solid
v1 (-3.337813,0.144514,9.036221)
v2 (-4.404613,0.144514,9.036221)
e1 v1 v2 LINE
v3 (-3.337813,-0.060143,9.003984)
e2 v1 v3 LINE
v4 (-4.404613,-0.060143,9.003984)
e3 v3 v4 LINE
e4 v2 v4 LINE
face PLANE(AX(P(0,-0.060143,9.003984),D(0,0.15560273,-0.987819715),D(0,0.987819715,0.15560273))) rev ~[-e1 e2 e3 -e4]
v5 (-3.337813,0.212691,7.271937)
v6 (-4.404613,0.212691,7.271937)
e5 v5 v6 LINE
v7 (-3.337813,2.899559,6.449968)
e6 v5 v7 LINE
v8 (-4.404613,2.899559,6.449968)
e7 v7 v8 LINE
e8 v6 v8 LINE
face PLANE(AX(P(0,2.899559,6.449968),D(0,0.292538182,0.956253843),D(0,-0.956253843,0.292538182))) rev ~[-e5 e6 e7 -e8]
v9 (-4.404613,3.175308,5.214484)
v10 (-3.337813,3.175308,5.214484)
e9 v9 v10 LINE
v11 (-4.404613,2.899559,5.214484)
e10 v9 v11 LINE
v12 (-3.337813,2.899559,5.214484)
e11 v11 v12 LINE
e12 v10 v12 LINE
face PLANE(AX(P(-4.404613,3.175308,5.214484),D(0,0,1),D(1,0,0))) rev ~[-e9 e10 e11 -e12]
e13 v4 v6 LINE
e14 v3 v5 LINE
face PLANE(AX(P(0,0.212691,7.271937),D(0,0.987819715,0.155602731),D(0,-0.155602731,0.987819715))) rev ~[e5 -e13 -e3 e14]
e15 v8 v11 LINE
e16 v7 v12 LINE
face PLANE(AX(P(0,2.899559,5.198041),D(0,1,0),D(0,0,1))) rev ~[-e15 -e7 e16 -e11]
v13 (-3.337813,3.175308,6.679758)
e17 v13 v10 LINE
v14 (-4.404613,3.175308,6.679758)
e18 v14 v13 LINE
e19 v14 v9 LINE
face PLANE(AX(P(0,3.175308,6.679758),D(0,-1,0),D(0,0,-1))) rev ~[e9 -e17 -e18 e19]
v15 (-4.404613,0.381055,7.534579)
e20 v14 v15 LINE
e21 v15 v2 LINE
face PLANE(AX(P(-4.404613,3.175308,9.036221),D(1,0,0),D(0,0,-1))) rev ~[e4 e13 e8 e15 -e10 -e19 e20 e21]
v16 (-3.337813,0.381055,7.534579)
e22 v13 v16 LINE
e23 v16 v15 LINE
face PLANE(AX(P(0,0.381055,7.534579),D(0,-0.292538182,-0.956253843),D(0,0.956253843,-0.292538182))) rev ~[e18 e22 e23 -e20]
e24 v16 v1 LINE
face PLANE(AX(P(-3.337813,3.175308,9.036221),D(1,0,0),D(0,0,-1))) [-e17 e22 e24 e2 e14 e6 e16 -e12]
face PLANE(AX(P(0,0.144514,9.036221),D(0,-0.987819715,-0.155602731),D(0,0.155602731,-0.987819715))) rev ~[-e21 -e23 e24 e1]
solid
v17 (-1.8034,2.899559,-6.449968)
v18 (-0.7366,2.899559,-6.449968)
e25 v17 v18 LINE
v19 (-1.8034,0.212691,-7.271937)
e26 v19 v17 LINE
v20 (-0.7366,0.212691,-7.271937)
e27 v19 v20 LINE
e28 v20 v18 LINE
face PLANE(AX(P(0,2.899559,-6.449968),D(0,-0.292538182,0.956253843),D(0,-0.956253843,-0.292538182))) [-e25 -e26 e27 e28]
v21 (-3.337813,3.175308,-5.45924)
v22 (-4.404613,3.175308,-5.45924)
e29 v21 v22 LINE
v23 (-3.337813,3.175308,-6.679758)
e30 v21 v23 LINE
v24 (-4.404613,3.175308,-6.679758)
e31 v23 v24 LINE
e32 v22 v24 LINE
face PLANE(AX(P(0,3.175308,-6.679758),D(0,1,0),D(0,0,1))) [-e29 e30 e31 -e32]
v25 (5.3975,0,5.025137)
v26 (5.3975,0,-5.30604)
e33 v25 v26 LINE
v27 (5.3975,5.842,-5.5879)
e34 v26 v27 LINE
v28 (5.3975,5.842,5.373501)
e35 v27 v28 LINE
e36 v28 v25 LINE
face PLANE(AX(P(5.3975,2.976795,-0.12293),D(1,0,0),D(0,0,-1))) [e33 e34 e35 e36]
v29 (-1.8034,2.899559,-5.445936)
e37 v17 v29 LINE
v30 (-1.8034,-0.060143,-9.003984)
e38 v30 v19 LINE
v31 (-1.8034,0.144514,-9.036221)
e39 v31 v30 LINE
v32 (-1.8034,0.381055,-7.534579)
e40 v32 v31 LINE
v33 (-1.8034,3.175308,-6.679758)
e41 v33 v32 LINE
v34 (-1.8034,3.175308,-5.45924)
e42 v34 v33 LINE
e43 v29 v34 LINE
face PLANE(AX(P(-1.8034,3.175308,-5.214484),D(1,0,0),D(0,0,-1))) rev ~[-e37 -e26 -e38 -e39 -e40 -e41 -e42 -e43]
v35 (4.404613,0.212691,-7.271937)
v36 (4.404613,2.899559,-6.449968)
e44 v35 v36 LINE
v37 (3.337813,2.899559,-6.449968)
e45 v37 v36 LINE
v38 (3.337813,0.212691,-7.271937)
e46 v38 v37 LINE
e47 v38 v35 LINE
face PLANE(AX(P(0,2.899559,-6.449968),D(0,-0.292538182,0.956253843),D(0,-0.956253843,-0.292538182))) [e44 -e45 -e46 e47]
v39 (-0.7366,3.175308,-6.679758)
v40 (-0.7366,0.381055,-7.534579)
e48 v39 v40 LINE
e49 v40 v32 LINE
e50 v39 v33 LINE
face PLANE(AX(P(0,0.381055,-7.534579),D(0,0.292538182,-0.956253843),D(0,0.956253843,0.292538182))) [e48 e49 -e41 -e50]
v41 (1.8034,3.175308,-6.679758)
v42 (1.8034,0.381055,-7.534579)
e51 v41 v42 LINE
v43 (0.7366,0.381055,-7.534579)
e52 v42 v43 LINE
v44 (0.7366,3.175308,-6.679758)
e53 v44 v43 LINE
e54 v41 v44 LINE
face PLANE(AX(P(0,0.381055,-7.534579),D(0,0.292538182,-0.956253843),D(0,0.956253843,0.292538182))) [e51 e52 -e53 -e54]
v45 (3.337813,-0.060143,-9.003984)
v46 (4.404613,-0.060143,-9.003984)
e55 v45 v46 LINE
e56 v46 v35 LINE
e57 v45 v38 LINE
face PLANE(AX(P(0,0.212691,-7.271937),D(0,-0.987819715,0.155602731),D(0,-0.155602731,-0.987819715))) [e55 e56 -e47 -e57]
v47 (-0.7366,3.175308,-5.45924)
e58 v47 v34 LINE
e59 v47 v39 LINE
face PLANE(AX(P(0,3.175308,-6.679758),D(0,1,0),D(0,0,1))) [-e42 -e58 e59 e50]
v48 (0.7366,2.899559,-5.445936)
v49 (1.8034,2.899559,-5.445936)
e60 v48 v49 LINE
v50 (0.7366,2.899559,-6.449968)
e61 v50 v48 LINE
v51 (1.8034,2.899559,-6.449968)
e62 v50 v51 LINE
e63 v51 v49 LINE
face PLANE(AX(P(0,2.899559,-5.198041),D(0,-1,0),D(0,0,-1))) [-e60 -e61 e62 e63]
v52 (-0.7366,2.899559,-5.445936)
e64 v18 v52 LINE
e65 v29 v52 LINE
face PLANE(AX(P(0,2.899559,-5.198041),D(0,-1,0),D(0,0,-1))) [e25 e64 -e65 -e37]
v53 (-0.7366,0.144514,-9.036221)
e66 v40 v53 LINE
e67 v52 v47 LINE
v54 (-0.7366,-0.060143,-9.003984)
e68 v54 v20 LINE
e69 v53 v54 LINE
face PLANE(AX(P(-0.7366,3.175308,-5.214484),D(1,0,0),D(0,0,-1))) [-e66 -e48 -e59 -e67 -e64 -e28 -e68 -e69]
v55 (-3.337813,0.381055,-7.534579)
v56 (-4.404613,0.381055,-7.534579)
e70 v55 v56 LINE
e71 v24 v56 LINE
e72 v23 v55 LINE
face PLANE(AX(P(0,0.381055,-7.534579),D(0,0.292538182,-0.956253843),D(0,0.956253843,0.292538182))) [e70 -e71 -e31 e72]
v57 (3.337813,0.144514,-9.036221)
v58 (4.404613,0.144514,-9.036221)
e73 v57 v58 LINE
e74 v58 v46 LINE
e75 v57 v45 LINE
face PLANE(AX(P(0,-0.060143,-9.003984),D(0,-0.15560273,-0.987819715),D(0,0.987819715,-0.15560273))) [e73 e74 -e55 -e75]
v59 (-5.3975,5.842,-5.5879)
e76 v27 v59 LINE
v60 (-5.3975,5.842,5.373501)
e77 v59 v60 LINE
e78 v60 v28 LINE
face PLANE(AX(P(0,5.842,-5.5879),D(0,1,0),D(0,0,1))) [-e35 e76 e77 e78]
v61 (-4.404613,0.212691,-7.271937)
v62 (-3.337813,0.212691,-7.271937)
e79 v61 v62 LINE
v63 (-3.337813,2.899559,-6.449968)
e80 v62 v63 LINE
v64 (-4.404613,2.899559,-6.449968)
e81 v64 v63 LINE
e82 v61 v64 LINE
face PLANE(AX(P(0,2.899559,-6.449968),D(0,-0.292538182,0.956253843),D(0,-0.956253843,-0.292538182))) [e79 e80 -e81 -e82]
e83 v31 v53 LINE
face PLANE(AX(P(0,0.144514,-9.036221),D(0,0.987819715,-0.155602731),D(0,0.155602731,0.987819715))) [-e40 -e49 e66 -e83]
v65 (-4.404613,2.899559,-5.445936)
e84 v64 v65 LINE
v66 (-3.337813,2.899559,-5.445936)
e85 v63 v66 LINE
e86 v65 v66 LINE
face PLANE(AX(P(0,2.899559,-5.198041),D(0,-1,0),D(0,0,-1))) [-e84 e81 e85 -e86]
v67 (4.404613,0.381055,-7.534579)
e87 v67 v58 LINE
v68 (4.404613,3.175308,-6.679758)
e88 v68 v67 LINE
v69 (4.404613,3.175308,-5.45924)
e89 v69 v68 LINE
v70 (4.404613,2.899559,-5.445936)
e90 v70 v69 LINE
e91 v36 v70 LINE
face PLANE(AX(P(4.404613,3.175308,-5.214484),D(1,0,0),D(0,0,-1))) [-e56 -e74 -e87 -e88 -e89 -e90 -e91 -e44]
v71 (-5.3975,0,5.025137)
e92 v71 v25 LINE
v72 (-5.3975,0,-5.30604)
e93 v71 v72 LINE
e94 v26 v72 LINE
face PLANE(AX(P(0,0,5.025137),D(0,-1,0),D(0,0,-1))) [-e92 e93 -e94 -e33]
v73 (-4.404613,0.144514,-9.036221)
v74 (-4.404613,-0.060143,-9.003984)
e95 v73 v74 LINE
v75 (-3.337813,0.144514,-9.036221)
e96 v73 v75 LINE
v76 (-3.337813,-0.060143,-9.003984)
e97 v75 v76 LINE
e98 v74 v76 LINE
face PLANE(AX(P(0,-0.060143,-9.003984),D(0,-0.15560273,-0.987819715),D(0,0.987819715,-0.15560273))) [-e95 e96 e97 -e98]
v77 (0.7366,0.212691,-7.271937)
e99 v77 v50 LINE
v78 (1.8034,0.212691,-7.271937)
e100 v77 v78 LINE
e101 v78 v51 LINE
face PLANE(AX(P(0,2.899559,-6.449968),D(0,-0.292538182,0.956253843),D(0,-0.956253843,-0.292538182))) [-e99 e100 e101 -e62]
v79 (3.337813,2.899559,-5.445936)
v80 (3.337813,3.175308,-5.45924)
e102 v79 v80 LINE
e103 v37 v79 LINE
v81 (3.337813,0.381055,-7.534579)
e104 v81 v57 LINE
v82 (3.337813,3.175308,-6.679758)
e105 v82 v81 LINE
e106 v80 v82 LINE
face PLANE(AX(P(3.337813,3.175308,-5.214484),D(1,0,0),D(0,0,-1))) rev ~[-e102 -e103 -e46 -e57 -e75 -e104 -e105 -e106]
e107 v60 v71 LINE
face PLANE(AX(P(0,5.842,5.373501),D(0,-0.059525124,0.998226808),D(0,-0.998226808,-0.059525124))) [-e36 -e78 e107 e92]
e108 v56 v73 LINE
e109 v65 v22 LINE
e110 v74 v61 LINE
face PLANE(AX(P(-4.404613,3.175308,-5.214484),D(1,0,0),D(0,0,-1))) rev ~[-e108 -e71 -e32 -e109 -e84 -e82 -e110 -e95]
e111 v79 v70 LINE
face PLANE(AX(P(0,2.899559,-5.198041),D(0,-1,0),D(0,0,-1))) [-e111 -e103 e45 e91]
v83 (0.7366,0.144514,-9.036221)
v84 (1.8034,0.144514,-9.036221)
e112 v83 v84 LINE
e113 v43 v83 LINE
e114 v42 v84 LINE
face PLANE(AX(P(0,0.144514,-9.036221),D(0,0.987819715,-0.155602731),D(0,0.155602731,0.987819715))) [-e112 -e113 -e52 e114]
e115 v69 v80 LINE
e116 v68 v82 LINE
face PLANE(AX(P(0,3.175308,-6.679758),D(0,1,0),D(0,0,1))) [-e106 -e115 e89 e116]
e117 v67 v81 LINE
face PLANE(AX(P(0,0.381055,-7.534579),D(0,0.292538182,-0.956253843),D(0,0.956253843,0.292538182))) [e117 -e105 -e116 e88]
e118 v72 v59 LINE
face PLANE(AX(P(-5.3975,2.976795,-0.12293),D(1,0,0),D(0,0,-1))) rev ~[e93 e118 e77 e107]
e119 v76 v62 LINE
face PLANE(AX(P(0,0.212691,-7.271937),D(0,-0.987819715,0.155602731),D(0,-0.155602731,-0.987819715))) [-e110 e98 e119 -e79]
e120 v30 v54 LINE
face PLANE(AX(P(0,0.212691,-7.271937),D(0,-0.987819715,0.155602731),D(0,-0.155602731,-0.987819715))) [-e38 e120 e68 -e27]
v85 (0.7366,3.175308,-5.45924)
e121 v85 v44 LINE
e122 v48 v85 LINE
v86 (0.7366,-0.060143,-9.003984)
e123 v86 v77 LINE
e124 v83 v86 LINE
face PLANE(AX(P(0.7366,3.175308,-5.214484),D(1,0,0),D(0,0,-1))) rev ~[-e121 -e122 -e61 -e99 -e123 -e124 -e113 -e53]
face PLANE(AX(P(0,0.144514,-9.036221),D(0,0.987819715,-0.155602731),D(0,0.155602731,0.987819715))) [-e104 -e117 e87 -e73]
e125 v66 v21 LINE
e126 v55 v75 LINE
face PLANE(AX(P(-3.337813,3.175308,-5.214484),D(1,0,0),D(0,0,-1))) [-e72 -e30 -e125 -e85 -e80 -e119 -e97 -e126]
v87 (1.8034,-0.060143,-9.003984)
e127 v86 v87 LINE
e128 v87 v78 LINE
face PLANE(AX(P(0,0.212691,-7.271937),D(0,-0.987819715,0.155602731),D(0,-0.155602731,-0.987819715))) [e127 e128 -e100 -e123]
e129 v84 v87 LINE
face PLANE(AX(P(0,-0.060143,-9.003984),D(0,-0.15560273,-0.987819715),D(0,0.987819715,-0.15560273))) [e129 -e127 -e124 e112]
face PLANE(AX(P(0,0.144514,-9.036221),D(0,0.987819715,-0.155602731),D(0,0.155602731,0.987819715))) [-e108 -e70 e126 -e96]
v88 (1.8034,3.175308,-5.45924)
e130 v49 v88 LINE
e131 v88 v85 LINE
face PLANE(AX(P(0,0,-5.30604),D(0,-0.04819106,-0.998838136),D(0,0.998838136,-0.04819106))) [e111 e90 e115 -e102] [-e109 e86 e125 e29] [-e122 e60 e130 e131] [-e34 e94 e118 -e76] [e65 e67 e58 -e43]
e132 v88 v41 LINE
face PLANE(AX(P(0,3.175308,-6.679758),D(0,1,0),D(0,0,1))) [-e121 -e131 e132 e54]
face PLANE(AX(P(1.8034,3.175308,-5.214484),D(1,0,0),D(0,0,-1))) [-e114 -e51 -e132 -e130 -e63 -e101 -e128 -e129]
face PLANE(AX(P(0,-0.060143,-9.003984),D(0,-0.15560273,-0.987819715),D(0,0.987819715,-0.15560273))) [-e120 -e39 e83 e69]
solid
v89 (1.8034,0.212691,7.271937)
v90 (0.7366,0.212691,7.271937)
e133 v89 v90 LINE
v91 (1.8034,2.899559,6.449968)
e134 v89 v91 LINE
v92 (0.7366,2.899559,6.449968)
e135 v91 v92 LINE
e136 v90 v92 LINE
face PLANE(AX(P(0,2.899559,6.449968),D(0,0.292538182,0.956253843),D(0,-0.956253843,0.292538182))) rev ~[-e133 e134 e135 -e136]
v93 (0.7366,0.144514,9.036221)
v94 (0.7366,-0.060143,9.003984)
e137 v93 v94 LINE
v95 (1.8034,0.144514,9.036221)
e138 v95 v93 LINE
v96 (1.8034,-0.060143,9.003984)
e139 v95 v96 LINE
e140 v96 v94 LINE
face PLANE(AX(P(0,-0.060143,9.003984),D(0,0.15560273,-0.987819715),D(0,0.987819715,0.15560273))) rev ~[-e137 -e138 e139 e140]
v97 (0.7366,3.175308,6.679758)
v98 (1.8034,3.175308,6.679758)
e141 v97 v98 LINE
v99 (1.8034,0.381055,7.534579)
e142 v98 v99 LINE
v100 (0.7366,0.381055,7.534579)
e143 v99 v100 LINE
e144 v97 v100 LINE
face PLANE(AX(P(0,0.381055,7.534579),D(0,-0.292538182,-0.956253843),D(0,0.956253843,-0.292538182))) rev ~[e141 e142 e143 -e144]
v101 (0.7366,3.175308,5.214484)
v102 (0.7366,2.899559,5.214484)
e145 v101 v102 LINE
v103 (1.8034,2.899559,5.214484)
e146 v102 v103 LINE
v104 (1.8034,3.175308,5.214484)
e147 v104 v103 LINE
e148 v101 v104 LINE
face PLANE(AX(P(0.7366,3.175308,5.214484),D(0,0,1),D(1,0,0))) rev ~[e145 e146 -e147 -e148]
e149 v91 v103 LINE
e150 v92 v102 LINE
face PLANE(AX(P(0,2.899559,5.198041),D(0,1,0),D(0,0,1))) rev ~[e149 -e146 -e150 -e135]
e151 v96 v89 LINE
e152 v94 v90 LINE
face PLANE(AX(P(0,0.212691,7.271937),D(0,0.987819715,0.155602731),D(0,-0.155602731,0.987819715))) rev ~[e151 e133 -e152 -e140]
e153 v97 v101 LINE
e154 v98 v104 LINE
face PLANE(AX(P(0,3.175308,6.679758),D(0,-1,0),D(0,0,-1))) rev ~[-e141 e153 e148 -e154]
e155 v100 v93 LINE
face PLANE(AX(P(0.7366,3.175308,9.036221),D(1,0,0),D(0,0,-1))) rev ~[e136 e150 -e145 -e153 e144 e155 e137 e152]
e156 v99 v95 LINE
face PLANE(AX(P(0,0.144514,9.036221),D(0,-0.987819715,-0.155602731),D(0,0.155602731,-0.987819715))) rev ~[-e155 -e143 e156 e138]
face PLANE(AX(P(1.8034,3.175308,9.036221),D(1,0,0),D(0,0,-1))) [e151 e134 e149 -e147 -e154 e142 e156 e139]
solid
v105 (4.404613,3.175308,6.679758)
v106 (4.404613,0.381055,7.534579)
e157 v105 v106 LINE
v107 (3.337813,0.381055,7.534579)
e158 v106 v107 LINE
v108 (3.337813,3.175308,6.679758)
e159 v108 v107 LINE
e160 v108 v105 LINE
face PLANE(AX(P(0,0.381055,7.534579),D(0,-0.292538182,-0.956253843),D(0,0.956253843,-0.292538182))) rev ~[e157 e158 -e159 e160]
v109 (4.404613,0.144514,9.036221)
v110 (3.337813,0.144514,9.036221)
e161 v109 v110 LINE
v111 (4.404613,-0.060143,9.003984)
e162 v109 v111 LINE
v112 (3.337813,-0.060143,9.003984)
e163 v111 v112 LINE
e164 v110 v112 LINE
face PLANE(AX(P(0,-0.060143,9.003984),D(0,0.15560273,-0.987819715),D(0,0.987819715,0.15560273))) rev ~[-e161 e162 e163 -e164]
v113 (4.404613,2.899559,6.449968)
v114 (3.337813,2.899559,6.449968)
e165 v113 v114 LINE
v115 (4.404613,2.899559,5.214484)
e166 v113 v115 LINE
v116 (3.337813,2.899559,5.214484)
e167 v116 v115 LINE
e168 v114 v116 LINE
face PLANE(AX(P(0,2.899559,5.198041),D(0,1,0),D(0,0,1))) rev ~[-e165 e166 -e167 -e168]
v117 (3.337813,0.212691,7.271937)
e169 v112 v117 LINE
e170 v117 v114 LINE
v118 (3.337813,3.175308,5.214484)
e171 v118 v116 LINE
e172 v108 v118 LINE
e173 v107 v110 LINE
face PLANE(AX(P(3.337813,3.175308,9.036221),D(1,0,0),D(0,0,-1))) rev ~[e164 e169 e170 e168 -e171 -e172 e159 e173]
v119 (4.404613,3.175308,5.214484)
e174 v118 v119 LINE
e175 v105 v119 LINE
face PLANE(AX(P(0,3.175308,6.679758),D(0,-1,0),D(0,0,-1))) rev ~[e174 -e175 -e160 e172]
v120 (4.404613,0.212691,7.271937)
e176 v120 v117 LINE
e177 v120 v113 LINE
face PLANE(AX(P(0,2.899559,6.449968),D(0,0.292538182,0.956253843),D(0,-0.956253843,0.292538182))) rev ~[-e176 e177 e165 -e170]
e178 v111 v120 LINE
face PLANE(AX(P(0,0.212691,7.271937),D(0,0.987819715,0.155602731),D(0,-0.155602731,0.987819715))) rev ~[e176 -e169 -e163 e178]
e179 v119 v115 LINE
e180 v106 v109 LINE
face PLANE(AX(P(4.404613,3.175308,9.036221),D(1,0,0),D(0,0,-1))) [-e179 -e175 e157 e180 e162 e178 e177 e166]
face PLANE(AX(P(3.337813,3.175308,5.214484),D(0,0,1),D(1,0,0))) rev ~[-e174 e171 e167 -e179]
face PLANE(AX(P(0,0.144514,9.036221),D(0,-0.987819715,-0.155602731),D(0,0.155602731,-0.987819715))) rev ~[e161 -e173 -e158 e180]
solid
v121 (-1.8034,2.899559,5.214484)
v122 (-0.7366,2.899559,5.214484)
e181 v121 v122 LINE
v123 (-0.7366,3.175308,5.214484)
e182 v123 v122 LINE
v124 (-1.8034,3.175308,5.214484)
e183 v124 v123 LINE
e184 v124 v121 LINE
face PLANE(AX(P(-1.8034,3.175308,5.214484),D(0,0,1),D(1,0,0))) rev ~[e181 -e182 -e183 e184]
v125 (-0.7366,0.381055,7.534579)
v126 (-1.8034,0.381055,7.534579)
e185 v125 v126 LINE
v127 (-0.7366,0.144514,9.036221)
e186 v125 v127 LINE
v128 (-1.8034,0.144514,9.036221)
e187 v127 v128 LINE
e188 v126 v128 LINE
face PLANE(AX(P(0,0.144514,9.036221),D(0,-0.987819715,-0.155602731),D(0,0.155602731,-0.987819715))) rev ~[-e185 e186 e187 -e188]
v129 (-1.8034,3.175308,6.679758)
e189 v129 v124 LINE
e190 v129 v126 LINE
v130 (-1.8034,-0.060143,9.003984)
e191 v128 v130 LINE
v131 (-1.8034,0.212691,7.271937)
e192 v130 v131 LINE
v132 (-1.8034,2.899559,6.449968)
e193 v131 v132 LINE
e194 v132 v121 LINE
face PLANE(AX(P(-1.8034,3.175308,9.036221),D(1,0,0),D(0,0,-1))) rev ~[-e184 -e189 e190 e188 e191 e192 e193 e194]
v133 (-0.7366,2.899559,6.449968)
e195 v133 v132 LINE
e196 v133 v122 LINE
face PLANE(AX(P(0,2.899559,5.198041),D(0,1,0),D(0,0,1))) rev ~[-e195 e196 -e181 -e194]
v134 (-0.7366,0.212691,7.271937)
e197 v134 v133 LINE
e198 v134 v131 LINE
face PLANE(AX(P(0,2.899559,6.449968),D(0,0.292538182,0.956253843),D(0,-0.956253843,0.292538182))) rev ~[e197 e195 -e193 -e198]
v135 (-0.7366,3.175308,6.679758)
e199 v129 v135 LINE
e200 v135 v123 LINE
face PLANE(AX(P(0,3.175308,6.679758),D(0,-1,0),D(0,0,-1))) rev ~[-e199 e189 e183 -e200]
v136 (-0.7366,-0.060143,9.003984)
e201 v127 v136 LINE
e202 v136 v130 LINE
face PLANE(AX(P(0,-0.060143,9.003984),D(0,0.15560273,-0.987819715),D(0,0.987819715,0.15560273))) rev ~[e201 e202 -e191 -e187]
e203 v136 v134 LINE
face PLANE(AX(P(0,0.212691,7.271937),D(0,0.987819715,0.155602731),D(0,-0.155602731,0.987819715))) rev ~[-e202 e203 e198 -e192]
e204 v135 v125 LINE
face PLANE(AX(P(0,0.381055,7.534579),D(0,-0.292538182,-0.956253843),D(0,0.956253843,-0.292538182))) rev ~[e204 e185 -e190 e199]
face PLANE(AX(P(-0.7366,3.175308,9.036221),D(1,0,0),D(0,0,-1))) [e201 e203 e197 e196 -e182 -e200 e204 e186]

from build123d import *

# Parameters (mm, degrees)
EXTRUDE2_DEPTH      = 5.3975
EXTRUDE2_2_DEPTH    = 5.3975
SKETCH5_OUTSIDE_W   = 17.054
SKETCH5_OUTSIDE_H   = 24.332
SKETCH5_OUTSIDE_W_2 = 1.0668
SKETCH5_OUTSIDE_H_2 = 3.821737789
EXTRUDE3_DEPTH      = 4.235451139
EXTRUDE1_DEPTH      = 5.3975


with BuildPart() as part:
    # Sketch4 → Extrude2 (new body, symmetric)
    with BuildSketch(Plane(origin=(0, 0, 0), x_dir=(0, 0, -1), z_dir=(1, 0, 0))):
        Polygon((-5.19804058, 2.899559181), (-6.449967698, 2.899559181), (-7.271937219, 0.212691069), (-9.00398363, -0.060143282), (-9.0362215, 0.144513818), (-7.534579159, 0.381054601), (-6.679758262, 3.175307857), (-5.214483711, 3.175307857), align=None)
    extrude(amount=EXTRUDE2_DEPTH, both=True)


with BuildPart() as body_2:
    # Sketch4 → Extrude2 2 (new body, symmetric)
    with BuildSketch(Plane(origin=(0, 0, 0), x_dir=(0, 0, -1), z_dir=(1, 0, 0))):
        Polygon((5.214483711, 3.175307857), (5.19804058, 2.899559181), (6.449967698, 2.899559181), (7.271937219, 0.212691069), (9.00398363, -0.060143282), (9.0362215, 0.144513818), (7.534579159, 0.381054601), (6.679758262, 3.175307857), align=None)
    extrude(amount=EXTRUDE2_2_DEPTH, both=True)


with BuildPart() as extrude3_tool:
    # Sketch5 outside → Extrude3 (new body, through all)
    with BuildSketch(Plane(origin=(0, 3.175307857, 0), x_dir=(1, 0, 0), z_dir=(0, 1, 0))):
        Rectangle(SKETCH5_OUTSIDE_W, SKETCH5_OUTSIDE_H)
        with Locations((-3.871213345, -7.125352605)):
            Rectangle(SKETCH5_OUTSIDE_W_2, SKETCH5_OUTSIDE_H_2, mode=Mode.SUBTRACT)
        with Locations((-1.27, -7.125352605)):
            Rectangle(SKETCH5_OUTSIDE_W_2, SKETCH5_OUTSIDE_H_2, mode=Mode.SUBTRACT)
        with Locations((3.871213345, -7.125352605)):
            Rectangle(SKETCH5_OUTSIDE_W_2, SKETCH5_OUTSIDE_H_2, mode=Mode.SUBTRACT)
        with Locations((1.27, -7.125352605)):
            Rectangle(SKETCH5_OUTSIDE_W_2, SKETCH5_OUTSIDE_H_2, mode=Mode.SUBTRACT)
        with Locations((-3.871213345, 7.125352605)):
            Rectangle(SKETCH5_OUTSIDE_W_2, SKETCH5_OUTSIDE_H_2, mode=Mode.SUBTRACT)
        with Locations((-1.27, 7.125352605)):
            Rectangle(SKETCH5_OUTSIDE_W_2, SKETCH5_OUTSIDE_H_2, mode=Mode.SUBTRACT)
        with Locations((1.27, 7.125352605)):
            Rectangle(SKETCH5_OUTSIDE_W_2, SKETCH5_OUTSIDE_H_2, mode=Mode.SUBTRACT)
        with Locations((3.871213345, 7.125352605)):
            Rectangle(SKETCH5_OUTSIDE_W_2, SKETCH5_OUTSIDE_H_2, mode=Mode.SUBTRACT)
    extrude(amount=-EXTRUDE3_DEPTH)


with BuildPart() as part_1:
    add(part.part)

    # Extrude3: cut by extrude3_tool
    add(extrude3_tool.part, mode=Mode.SUBTRACT)



with BuildPart() as body_2_1:
    add(body_2.part)

    # Extrude3: cut by extrude3_tool
    add(extrude3_tool.part, mode=Mode.SUBTRACT)


with BuildPart() as part_2:
    add(part_1.part)

    add(body_2_1.part)  # Extrude1 merges body 2
    # Sketch2 → Extrude1 (add, symmetric)
    with BuildSketch(Plane(origin=(0, 0, 0), x_dir=(0, 0, -1), z_dir=(1, 0, 0))):
        Polygon((5.587899815, 5.842), (-5.37350086, 5.842), (-5.02513737, 0), (5.306040159, 0), align=None)
    extrude(amount=EXTRUDE1_DEPTH, both=True)


solid = part_2.part
